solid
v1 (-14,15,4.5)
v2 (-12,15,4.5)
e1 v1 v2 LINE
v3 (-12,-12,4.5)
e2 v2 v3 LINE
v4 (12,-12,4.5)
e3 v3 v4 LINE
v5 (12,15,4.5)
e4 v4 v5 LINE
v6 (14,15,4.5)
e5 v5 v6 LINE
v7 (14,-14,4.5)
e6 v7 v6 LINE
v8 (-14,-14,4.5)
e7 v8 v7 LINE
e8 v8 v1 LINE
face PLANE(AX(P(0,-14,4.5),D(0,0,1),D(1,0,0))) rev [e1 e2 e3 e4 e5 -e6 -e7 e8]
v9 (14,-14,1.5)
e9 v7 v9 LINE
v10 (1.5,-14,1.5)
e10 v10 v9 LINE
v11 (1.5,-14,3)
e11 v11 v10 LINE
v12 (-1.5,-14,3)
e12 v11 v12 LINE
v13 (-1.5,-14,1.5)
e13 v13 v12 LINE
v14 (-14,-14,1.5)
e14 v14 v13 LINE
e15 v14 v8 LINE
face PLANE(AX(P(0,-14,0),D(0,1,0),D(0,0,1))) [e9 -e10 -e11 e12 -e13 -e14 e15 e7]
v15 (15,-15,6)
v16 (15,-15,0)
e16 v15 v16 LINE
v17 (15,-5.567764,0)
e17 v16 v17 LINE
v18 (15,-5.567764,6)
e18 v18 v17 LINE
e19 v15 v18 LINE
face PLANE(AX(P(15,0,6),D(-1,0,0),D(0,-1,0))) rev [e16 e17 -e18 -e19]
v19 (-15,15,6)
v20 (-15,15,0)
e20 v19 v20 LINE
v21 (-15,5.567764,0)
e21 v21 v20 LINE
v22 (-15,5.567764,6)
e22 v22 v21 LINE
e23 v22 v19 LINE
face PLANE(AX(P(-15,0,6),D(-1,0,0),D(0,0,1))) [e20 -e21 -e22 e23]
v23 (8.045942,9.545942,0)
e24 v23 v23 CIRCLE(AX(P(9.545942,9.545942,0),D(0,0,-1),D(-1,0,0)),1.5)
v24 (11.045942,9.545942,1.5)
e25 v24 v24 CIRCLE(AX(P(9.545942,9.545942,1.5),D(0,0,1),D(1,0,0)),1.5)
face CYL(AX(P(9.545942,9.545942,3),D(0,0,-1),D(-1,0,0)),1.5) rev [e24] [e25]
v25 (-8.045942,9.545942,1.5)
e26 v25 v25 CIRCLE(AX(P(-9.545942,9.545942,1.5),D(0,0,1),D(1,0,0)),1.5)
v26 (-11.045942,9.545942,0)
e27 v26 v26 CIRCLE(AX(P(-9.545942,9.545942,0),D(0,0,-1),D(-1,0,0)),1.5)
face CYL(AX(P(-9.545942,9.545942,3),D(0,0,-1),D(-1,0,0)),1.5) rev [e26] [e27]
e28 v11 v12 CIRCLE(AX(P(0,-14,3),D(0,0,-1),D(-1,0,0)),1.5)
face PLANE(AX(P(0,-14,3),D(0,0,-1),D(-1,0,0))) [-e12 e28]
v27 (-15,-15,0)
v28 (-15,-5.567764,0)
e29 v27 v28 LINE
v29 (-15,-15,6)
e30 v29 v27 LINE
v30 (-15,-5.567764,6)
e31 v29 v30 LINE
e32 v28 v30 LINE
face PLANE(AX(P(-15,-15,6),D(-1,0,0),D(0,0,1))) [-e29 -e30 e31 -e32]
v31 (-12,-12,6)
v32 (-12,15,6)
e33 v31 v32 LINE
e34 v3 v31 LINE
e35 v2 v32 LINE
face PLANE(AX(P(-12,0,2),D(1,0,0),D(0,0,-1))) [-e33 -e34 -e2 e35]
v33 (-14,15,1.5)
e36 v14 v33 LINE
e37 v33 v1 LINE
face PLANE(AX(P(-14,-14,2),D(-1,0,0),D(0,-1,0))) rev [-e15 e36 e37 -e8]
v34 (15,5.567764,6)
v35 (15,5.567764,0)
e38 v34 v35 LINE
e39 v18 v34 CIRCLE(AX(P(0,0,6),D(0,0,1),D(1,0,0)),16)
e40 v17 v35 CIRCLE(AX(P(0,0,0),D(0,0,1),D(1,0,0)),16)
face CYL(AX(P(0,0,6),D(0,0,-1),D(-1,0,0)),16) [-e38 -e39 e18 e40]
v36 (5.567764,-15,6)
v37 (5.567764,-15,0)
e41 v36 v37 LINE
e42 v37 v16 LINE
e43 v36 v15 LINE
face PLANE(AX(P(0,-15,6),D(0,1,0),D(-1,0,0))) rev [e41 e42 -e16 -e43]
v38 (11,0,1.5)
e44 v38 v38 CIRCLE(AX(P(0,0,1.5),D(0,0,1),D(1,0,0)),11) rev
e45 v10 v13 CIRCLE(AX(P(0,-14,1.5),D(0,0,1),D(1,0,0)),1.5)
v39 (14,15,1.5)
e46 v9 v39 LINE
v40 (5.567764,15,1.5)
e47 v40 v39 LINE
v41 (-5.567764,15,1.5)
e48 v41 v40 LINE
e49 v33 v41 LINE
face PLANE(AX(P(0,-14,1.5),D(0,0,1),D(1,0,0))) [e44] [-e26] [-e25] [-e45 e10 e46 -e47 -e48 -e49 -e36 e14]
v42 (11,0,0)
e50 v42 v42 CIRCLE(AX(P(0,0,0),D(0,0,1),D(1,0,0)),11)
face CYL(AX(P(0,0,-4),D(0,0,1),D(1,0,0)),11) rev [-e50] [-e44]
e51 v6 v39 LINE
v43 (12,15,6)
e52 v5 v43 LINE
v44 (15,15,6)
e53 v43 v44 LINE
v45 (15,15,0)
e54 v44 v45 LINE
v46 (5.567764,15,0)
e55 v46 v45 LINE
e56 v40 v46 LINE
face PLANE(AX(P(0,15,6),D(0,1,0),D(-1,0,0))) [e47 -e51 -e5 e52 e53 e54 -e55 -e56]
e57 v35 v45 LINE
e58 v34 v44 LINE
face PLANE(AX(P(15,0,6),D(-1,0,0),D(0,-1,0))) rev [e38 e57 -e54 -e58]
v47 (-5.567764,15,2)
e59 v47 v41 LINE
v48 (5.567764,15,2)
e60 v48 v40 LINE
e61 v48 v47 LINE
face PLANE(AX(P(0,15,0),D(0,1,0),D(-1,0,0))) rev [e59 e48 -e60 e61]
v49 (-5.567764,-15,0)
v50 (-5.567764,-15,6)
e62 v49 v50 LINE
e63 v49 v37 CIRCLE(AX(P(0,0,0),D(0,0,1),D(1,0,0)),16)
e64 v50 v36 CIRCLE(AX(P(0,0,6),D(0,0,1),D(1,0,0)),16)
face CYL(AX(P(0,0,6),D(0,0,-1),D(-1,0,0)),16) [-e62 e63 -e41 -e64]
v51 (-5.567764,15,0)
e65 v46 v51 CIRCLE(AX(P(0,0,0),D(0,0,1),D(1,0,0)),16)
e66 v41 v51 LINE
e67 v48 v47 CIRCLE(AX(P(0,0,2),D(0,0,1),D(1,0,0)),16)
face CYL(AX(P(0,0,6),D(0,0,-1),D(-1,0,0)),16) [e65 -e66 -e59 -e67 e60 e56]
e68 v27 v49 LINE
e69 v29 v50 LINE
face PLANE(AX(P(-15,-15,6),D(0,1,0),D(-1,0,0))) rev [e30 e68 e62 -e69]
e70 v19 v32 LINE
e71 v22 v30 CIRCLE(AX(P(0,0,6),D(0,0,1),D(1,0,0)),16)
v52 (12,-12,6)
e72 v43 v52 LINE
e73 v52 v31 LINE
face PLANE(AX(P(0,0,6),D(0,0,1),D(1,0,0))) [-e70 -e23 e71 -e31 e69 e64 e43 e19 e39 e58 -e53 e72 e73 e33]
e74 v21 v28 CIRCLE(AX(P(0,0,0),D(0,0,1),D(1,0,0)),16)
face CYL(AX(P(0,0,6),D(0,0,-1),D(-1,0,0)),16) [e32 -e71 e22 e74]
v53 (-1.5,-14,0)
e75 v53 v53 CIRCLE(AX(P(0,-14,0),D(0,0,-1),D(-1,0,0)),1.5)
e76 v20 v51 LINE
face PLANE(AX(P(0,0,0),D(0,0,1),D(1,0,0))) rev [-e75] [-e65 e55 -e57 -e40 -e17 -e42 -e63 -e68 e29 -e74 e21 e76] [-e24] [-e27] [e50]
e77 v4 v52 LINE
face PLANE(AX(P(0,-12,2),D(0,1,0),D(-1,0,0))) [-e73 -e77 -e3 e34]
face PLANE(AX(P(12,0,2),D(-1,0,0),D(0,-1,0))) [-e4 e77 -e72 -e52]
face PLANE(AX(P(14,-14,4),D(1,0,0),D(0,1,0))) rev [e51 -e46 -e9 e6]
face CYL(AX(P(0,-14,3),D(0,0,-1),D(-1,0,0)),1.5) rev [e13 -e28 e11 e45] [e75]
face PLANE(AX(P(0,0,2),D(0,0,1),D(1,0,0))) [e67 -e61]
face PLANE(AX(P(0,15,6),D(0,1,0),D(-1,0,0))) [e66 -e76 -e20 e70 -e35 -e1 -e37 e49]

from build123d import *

# Parameters (mm, degrees)
SKETCH1_R           = 16
SKETCH1_W           = 30
SKETCH1_H           = 30
BOSS_EXTRUDE1_DEPTH = 6
SKETCH2_R           = 11
CUT_EXTRUDE1_DEPTH  = 10
SKETCH3_R           = 11
CUT_EXTRUDE2_DEPTH  = 4
CUT_EXTRUDE3_DEPTH  = 29
SKETCH5_W           = 8.432235637
SKETCH5_H           = 0.5
SKETCH5_W_2         = 2
CUT_EXTRUDE4_DEPTH  = 29
SKETCH6_R           = 1.5
CUT_EXTRUDE5_DEPTH  = 3


with BuildPart() as part:
    # Sketch1 → Boss-Extrude1 (new body)
    with BuildSketch(Plane.XY):
        Circle(SKETCH1_R)
        Rectangle(SKETCH1_W, SKETCH1_H)
    extrude(amount=BOSS_EXTRUDE1_DEPTH)

    # Sketch2 → Cut-Extrude1 (cut)
    with BuildSketch(Plane.XY.offset(6)):
        Circle(SKETCH2_R)
    extrude(amount=-CUT_EXTRUDE1_DEPTH, mode=Mode.SUBTRACT)

    # Sketch3 → Cut-Extrude2 (cut)
    with BuildSketch(Plane.XY.offset(6)):
        with BuildLine():
            Line((5.567764363, 15), (-5.567764363, 15))
            ThreePointArc((-5.567764363, 15), (-9.057264866, 13.189615353), (-12, 10.583005244))
            Line((-12, 10.583005244), (-12, -10.583005244))
            ThreePointArc((-12, -10.583005244), (-11.313708499, -11.313708499), (-10.583005244, -12))
            Line((-10.583005244, -12), (10.583005244, -12))
            ThreePointArc((10.583005244, -12), (11.313708499, -11.313708499), (12, -10.583005244))
            Line((12, -10.583005244), (12, 10.583005244))
            ThreePointArc((12, 10.583005244), (9.057264866, 13.189615353), (5.567764363, 15))
        make_face()
        Circle(SKETCH3_R, mode=Mode.SUBTRACT)
        with BuildLine():
            ThreePointArc((5.567764363, 15), (0, 16), (-5.567764363, 15))
            Line((-5.567764363, 15), (5.567764363, 15))
        make_face()
        with BuildLine():
            Line((-5.567764363, 15), (-12, 15))
            Line((-12, 15), (-12, 10.583005244))
            ThreePointArc((-12, 10.583005244), (-9.057264866, 13.189615353), (-5.567764363, 15))
        make_face()
        with BuildLine():
            Line((12, 15), (5.567764363, 15))
            ThreePointArc((5.567764363, 15), (9.057264866, 13.189615353), (12, 10.583005244))
            Line((12, 10.583005244), (12, 15))
        make_face()
        with BuildLine():
            Line((12, -12), (12, -10.583005244))
            ThreePointArc((12, -10.583005244), (11.313708499, -11.313708499), (10.583005244, -12))
            Line((10.583005244, -12), (12, -12))
        make_face()
        with BuildLine():
            ThreePointArc((-10.583005244, -12), (-11.313708499, -11.313708499), (-12, -10.583005244))
            Line((-12, -10.583005244), (-12, -12))
            Line((-12, -12), (-10.583005244, -12))
        make_face()
    extrude(amount=-CUT_EXTRUDE2_DEPTH, mode=Mode.SUBTRACT)

    # Sketch4 → Cut-Extrude3 (cut)
    with BuildSketch(Plane(origin=(0, 15, 0), x_dir=(1, 0, 0), z_dir=(0, 1, 0))):
        Polygon((-12, -2), (-14, -2), (-14, -4), (14, -4), (14, -2), (12, -2), align=None)
    extrude(amount=-CUT_EXTRUDE3_DEPTH, mode=Mode.SUBTRACT)

    # Sketch5 → Cut-Extrude4 (cut)
    with BuildSketch(Plane(origin=(0, 15, 0), x_dir=(1, 0, 0), z_dir=(0, 1, 0))):
        Polygon((-14, -2), (-14, -4), (14, -2), (14, -1.5), (-5.567764363, -1.5), (-5.567764363, -2), align=None)
        Polygon((14, -2), (-14, -4), (-12, -4), (-12, -4.5), (14, -4.5), align=None)
        with Locations((-9.783882182, -1.75)):
            Rectangle(SKETCH5_W, SKETCH5_H)
        with Locations((-13, -4.25)):
            Rectangle(SKETCH5_W_2, SKETCH5_H)
    extrude(amount=-CUT_EXTRUDE4_DEPTH, mode=Mode.SUBTRACT)

    # Sketch6 → Cut-Extrude5 (cut)
    with BuildSketch(Plane(origin=(0, 0, 0), x_dir=(-1, 0, 0), z_dir=(0, 0, -1))):
        with Locations((-9.545941546, 9.545941546)):
            Circle(SKETCH6_R)
        with Locations((9.545941546, 9.545941546)):
            Circle(SKETCH6_R)
        with Locations((0, -14)):
            Circle(SKETCH6_R)
    extrude(amount=-CUT_EXTRUDE5_DEPTH, mode=Mode.SUBTRACT)


solid = part.part
